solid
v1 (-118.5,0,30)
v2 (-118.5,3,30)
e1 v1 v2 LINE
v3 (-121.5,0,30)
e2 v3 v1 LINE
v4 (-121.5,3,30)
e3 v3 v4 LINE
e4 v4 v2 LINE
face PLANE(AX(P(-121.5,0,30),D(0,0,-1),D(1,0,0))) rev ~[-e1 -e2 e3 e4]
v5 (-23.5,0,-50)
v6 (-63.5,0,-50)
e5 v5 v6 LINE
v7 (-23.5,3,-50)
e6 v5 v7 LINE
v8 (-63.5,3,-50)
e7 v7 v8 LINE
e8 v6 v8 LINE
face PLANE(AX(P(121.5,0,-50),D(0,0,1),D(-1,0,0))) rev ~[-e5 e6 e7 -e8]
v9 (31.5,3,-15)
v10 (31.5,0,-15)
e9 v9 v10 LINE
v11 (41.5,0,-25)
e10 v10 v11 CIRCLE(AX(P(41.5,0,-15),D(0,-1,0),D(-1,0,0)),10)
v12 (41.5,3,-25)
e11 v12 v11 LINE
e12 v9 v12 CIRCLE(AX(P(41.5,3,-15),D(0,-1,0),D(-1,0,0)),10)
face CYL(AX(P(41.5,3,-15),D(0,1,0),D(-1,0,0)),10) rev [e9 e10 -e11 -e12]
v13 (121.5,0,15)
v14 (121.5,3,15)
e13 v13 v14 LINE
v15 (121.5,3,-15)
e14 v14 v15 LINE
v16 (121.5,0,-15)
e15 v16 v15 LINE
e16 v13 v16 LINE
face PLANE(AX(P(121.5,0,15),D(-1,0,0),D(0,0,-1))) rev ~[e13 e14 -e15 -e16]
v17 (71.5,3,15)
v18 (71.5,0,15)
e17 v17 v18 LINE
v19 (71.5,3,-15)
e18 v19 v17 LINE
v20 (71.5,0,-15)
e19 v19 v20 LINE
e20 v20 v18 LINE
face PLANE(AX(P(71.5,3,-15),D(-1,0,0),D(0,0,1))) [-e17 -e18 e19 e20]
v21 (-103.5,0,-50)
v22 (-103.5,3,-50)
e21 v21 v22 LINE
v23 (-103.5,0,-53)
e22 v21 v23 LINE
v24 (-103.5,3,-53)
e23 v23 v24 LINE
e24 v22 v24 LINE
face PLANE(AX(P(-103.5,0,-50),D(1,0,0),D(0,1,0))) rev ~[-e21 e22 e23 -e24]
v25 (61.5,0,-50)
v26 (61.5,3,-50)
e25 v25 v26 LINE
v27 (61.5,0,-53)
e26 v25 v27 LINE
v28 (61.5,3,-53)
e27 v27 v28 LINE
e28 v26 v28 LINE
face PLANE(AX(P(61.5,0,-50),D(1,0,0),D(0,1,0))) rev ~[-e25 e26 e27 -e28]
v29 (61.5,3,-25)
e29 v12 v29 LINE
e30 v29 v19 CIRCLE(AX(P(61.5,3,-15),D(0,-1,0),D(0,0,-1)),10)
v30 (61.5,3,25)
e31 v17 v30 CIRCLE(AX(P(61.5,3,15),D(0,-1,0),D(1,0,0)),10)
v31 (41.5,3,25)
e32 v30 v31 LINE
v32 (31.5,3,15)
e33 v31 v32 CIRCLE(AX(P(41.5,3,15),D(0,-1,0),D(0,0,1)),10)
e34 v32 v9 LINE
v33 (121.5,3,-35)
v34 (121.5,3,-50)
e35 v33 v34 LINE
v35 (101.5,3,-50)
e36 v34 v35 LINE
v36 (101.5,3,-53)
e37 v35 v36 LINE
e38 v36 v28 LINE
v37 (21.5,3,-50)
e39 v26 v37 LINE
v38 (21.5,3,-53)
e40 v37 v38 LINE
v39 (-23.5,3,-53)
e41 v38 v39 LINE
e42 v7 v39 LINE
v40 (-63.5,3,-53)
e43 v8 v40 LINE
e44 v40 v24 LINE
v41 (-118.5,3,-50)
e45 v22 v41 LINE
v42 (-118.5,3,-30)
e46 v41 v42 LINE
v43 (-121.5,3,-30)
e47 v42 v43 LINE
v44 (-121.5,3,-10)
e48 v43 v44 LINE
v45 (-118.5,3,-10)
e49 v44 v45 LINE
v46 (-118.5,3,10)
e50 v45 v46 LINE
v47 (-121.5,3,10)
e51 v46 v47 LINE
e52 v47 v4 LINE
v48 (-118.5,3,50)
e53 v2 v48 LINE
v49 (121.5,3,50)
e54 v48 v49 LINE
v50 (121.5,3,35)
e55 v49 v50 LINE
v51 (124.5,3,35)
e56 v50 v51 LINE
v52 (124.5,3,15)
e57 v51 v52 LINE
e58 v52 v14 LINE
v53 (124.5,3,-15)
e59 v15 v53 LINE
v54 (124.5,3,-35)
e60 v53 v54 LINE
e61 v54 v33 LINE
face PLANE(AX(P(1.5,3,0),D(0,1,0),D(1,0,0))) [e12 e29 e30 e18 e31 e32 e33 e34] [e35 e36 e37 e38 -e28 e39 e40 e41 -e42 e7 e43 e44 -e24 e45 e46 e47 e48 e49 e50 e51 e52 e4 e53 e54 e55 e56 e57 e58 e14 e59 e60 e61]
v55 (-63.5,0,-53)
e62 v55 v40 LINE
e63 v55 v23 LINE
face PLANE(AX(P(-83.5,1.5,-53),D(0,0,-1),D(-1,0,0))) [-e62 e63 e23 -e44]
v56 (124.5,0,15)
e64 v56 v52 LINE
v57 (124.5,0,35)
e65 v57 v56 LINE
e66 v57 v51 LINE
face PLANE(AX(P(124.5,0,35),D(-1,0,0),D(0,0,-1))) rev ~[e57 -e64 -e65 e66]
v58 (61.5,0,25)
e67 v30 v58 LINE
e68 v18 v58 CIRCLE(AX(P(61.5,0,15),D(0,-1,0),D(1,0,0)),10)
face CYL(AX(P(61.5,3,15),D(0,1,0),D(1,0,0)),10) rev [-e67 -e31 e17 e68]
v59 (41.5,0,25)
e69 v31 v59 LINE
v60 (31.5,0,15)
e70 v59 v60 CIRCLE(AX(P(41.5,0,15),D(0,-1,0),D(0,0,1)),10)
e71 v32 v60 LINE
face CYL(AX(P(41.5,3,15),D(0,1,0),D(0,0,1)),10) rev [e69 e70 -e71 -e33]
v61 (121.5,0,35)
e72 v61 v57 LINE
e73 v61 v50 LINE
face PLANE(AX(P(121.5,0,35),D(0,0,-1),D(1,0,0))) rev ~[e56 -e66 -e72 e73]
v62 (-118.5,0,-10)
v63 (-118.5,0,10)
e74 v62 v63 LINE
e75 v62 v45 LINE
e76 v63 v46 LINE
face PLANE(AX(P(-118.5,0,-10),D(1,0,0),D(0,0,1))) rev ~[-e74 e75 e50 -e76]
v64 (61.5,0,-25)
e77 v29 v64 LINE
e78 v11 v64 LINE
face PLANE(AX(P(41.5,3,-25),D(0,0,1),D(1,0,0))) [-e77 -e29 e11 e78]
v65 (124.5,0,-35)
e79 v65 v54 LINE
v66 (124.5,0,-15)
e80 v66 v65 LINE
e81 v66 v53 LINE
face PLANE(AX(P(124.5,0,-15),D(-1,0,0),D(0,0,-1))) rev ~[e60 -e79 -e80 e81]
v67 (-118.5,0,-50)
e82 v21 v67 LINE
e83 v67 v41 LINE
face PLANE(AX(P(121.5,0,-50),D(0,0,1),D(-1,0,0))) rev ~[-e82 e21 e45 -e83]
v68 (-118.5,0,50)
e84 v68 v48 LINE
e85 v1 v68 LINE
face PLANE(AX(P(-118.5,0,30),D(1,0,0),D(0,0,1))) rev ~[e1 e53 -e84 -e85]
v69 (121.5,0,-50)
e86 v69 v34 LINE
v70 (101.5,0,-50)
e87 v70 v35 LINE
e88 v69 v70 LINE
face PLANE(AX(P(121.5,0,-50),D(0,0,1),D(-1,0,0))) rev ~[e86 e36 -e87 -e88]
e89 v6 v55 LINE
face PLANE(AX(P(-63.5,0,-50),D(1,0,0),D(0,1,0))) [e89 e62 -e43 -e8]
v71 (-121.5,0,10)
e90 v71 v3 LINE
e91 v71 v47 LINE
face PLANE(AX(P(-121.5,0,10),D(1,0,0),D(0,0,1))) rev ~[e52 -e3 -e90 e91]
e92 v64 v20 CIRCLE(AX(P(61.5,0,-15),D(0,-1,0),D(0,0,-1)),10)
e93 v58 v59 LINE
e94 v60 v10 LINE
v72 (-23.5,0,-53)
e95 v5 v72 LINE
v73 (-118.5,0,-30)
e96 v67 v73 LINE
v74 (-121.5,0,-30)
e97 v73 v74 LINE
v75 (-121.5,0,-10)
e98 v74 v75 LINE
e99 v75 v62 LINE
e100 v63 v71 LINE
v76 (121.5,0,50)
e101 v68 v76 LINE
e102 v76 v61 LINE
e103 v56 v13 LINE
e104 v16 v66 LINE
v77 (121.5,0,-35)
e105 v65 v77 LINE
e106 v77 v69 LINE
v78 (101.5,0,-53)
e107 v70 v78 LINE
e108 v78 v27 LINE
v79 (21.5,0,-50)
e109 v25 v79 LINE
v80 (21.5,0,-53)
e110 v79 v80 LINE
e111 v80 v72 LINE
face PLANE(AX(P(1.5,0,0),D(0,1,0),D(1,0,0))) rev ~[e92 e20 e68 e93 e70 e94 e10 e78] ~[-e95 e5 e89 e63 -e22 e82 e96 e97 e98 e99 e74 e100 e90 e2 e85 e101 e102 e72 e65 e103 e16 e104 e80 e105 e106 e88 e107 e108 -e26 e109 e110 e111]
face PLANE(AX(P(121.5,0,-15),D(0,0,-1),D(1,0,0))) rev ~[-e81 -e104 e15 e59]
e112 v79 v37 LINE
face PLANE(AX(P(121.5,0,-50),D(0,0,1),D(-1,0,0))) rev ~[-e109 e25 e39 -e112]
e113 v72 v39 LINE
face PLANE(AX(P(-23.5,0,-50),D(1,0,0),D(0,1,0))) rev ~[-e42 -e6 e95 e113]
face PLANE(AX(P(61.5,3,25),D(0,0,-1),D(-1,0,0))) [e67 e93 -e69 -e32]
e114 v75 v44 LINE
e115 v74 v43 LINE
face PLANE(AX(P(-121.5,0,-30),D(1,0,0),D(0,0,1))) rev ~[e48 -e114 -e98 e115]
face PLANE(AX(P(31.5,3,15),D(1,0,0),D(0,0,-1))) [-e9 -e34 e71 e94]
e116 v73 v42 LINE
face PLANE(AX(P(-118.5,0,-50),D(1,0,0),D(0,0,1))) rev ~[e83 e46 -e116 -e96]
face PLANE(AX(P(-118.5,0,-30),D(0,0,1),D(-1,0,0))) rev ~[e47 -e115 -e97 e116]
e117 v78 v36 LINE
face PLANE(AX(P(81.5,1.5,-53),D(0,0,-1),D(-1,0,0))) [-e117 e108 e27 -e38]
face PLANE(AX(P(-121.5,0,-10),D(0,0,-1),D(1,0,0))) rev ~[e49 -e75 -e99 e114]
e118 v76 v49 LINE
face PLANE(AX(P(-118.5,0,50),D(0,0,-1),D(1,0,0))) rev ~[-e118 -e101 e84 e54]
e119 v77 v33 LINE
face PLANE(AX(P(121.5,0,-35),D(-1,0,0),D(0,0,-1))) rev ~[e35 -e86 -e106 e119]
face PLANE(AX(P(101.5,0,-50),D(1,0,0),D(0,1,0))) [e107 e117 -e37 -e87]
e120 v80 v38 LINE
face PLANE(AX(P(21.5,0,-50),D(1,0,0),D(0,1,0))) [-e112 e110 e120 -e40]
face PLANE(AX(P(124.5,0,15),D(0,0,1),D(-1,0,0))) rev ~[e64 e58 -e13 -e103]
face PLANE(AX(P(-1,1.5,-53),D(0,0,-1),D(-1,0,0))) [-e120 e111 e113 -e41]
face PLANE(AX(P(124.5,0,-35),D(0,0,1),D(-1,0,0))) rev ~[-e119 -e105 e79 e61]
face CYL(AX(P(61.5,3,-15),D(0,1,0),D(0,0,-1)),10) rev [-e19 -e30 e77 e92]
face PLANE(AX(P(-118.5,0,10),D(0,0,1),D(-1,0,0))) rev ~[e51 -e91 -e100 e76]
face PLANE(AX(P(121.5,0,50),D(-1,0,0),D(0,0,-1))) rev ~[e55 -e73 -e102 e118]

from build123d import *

# Parameters (mm, degrees)
BOSS_EXTRUDE1_DEPTH = 3
SKETCH2_W           = 40
SKETCH2_H           = 3
SKETCH2_W_2         = 45
BOSS_EXTRUDE2_DEPTH = 3
CUT_EXTRUDE1_DEPTH  = 3


with BuildPart() as part:
    # Sketch1 → Boss-Extrude1 (new body)
    with BuildSketch(Plane(origin=(0, 0, 0), x_dir=(1, 0, 0), z_dir=(0, 1, 0))):
        Polygon((-118.5, -30), (-118.5, -50), (121.5, -50), (121.5, -35), (124.5, -35), (124.5, -15), (121.5, -15), (121.5, 15), (124.5, 15), (124.5, 35), (121.5, 35), (121.5, 50), (-118.5, 50), (-118.5, 30), (-121.5, 30), (-121.5, 10), (-118.5, 10), (-118.5, -10), (-121.5, -10), (-121.5, -30), align=None)
    extrude(amount=BOSS_EXTRUDE1_DEPTH)

    # Sketch2 → Boss-Extrude2 (add)
    with BuildSketch(Plane(origin=(0, 0, -50), x_dir=(-1, 0, 0), z_dir=(0, 0, -1))):
        with Locations((-81.5, 1.5)):
            Rectangle(SKETCH2_W, SKETCH2_H)
        with Locations((1, 1.5)):
            Rectangle(SKETCH2_W_2, SKETCH2_H)
        with Locations((83.5, 1.5)):
            Rectangle(SKETCH2_W, SKETCH2_H)
    extrude(amount=BOSS_EXTRUDE2_DEPTH)

    # Sketch3 → Cut-Extrude1 (cut)
    with BuildSketch(Plane(origin=(0, 3, 0), x_dir=(1, 0, 0), z_dir=(0, 1, 0))):
        with BuildLine():
            Line((41.5, 25), (61.5, 25))
            ThreePointArc((61.5, 25), (68.571067812, 22.071067812), (71.5, 15))
            Line((71.5, 15), (71.5, -15))
            ThreePointArc((71.5, -15), (68.571067812, -22.071067812), (61.5, -25))
            Line((61.5, -25), (41.5, -25))
            ThreePointArc((41.5, -25), (34.428932188, -22.071067812), (31.5, -15))
            Line((31.5, -15), (31.5, 15))
            ThreePointArc((31.5, 15), (34.428932188, 22.071067812), (41.5, 25))
        make_face()
    extrude(amount=-CUT_EXTRUDE1_DEPTH, mode=Mode.SUBTRACT)


solid = part.part
